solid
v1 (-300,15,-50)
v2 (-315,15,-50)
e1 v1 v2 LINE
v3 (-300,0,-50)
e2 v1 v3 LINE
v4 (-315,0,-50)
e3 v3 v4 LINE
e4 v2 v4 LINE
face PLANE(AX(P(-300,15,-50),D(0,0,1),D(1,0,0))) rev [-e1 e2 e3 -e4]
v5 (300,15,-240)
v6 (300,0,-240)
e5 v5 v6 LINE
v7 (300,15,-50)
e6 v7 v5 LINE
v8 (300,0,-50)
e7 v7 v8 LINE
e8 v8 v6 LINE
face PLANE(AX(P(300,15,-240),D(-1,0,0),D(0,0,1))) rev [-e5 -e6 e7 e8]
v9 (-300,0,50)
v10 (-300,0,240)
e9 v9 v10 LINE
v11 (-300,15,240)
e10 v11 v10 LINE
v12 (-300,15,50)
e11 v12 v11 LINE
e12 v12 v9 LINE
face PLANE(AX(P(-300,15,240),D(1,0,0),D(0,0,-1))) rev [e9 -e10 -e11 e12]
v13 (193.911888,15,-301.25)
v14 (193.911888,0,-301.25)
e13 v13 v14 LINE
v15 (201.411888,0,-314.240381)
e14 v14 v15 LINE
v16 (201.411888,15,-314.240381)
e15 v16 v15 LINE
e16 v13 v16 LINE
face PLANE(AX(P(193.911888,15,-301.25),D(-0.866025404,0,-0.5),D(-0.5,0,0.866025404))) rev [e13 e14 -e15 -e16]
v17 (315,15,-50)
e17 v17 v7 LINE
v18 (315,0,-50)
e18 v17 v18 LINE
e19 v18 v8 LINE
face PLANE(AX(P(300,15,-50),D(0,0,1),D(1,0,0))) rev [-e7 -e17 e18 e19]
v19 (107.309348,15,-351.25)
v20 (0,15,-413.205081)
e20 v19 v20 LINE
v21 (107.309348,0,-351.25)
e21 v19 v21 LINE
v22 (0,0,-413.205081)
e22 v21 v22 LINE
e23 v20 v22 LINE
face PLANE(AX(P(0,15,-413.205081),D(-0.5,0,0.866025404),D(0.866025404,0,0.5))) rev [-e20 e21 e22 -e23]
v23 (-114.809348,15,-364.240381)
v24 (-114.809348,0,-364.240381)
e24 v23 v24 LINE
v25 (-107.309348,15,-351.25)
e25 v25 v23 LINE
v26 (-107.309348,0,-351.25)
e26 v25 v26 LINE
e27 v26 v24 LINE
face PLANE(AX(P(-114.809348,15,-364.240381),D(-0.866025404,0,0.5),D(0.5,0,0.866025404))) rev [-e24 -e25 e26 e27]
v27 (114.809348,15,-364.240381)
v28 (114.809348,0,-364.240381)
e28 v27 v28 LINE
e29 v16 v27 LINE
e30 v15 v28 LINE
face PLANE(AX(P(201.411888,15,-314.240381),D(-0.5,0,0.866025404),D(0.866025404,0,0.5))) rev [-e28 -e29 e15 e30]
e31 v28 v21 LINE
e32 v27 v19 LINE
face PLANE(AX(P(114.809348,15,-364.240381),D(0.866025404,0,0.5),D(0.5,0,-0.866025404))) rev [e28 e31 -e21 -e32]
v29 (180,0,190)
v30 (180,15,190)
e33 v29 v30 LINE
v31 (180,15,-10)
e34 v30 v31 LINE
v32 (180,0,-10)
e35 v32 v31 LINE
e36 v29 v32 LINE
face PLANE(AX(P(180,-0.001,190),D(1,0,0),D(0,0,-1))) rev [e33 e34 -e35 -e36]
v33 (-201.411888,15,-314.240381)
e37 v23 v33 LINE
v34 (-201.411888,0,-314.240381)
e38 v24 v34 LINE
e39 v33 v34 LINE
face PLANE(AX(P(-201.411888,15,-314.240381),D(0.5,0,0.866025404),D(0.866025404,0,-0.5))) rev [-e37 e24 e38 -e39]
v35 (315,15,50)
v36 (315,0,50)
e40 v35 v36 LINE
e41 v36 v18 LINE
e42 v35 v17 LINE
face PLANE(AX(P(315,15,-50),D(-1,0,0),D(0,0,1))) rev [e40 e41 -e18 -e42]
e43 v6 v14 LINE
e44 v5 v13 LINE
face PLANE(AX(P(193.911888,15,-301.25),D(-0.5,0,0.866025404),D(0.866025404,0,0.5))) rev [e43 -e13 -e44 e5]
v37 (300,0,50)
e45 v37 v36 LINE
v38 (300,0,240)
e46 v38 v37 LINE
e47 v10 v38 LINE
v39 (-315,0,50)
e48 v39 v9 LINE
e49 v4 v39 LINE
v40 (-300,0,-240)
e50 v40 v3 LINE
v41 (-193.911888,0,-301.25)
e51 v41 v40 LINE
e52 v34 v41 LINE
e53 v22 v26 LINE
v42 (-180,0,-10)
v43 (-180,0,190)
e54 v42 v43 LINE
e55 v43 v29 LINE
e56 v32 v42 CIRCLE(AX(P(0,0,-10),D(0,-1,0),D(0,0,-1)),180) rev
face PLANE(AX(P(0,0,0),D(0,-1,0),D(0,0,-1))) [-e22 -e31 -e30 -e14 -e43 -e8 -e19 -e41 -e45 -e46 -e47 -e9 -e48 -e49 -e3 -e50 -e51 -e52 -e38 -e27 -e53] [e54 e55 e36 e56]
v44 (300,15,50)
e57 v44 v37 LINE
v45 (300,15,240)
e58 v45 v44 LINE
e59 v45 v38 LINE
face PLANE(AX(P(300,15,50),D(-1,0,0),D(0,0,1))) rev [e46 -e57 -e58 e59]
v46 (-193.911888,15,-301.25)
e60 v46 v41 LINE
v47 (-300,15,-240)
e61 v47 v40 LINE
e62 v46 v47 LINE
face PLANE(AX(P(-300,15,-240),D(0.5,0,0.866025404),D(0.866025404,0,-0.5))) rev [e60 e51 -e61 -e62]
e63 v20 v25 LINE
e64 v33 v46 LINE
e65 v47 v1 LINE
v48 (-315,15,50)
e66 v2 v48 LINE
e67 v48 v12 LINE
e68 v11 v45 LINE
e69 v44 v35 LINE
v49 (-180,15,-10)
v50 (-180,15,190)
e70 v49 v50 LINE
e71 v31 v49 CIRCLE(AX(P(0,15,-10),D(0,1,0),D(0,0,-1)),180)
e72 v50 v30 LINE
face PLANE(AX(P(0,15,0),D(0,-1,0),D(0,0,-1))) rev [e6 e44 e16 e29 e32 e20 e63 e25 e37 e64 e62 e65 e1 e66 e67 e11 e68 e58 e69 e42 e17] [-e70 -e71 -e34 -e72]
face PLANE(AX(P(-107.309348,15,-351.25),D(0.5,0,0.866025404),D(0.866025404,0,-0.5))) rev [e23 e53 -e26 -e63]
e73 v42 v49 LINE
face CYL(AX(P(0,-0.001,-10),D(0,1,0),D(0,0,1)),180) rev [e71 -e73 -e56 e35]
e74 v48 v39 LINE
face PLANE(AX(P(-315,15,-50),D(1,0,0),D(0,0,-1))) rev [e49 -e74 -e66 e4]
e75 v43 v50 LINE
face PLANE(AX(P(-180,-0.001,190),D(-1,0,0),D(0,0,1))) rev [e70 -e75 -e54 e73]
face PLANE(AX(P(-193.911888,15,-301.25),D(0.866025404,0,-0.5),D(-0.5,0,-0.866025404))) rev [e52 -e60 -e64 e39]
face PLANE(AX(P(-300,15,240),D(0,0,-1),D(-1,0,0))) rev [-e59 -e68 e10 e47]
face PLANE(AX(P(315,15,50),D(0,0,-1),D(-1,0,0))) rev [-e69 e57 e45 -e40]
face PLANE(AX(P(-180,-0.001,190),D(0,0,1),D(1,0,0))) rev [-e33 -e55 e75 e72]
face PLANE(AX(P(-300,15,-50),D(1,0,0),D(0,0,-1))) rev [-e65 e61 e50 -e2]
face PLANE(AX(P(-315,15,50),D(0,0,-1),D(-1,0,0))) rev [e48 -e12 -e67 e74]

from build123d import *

# Parameters (mm, degrees)
BOSS_EXTRUDE1_DEPTH = 15
CUT_EXTRUDE2_REACH  = 17


with BuildPart() as part:
    # Sketch1 → Boss-Extrude1 (new body)
    with BuildSketch(Plane(origin=(0, 0, 0), x_dir=(1, 0, 0), z_dir=(0, 1, 0))):
        Polygon((-300, -240), (300, -240), (300, -50), (315, -50), (315, 50), (300, 50), (300, 240), (193.911888036, 301.25), (201.411888036, 314.240381057), (114.809347658, 364.240381057), (107.309347658, 351.25), (0, 413.205080757), (-107.309347658, 351.25), (-114.809347658, 364.240381057), (-201.411888036, 314.240381057), (-193.911888036, 301.25), (-300, 240), (-300, 50), (-315, 50), (-315, -50), (-300, -50), align=None)
    extrude(amount=BOSS_EXTRUDE1_DEPTH)

    # Sketch2 → Cut-Extrude2 (cut, up to next)
    with BuildSketch(Plane(origin=(0, 15, 0), x_dir=(1, 0, 0), z_dir=(0, 1, 0)), mode=Mode.PRIVATE) as cut_extrude2_sk1:
        with BuildLine():
            Line((-180, -190), (180, -190))
            Line((180, -190), (180, 10))
            ThreePointArc((180, 10), (0, 190), (-180, 10))
            Line((-180, 10), (-180, -190))
        make_face()
    cut_extrude2_tool1 = extrude(cut_extrude2_sk1.sketch, amount=-CUT_EXTRUDE2_REACH, mode=Mode.PRIVATE) & part.part
    add(cut_extrude2_tool1.solids().sort_by_distance((0, 15, 16.950098))[0], mode=Mode.SUBTRACT)


solid = part.part
